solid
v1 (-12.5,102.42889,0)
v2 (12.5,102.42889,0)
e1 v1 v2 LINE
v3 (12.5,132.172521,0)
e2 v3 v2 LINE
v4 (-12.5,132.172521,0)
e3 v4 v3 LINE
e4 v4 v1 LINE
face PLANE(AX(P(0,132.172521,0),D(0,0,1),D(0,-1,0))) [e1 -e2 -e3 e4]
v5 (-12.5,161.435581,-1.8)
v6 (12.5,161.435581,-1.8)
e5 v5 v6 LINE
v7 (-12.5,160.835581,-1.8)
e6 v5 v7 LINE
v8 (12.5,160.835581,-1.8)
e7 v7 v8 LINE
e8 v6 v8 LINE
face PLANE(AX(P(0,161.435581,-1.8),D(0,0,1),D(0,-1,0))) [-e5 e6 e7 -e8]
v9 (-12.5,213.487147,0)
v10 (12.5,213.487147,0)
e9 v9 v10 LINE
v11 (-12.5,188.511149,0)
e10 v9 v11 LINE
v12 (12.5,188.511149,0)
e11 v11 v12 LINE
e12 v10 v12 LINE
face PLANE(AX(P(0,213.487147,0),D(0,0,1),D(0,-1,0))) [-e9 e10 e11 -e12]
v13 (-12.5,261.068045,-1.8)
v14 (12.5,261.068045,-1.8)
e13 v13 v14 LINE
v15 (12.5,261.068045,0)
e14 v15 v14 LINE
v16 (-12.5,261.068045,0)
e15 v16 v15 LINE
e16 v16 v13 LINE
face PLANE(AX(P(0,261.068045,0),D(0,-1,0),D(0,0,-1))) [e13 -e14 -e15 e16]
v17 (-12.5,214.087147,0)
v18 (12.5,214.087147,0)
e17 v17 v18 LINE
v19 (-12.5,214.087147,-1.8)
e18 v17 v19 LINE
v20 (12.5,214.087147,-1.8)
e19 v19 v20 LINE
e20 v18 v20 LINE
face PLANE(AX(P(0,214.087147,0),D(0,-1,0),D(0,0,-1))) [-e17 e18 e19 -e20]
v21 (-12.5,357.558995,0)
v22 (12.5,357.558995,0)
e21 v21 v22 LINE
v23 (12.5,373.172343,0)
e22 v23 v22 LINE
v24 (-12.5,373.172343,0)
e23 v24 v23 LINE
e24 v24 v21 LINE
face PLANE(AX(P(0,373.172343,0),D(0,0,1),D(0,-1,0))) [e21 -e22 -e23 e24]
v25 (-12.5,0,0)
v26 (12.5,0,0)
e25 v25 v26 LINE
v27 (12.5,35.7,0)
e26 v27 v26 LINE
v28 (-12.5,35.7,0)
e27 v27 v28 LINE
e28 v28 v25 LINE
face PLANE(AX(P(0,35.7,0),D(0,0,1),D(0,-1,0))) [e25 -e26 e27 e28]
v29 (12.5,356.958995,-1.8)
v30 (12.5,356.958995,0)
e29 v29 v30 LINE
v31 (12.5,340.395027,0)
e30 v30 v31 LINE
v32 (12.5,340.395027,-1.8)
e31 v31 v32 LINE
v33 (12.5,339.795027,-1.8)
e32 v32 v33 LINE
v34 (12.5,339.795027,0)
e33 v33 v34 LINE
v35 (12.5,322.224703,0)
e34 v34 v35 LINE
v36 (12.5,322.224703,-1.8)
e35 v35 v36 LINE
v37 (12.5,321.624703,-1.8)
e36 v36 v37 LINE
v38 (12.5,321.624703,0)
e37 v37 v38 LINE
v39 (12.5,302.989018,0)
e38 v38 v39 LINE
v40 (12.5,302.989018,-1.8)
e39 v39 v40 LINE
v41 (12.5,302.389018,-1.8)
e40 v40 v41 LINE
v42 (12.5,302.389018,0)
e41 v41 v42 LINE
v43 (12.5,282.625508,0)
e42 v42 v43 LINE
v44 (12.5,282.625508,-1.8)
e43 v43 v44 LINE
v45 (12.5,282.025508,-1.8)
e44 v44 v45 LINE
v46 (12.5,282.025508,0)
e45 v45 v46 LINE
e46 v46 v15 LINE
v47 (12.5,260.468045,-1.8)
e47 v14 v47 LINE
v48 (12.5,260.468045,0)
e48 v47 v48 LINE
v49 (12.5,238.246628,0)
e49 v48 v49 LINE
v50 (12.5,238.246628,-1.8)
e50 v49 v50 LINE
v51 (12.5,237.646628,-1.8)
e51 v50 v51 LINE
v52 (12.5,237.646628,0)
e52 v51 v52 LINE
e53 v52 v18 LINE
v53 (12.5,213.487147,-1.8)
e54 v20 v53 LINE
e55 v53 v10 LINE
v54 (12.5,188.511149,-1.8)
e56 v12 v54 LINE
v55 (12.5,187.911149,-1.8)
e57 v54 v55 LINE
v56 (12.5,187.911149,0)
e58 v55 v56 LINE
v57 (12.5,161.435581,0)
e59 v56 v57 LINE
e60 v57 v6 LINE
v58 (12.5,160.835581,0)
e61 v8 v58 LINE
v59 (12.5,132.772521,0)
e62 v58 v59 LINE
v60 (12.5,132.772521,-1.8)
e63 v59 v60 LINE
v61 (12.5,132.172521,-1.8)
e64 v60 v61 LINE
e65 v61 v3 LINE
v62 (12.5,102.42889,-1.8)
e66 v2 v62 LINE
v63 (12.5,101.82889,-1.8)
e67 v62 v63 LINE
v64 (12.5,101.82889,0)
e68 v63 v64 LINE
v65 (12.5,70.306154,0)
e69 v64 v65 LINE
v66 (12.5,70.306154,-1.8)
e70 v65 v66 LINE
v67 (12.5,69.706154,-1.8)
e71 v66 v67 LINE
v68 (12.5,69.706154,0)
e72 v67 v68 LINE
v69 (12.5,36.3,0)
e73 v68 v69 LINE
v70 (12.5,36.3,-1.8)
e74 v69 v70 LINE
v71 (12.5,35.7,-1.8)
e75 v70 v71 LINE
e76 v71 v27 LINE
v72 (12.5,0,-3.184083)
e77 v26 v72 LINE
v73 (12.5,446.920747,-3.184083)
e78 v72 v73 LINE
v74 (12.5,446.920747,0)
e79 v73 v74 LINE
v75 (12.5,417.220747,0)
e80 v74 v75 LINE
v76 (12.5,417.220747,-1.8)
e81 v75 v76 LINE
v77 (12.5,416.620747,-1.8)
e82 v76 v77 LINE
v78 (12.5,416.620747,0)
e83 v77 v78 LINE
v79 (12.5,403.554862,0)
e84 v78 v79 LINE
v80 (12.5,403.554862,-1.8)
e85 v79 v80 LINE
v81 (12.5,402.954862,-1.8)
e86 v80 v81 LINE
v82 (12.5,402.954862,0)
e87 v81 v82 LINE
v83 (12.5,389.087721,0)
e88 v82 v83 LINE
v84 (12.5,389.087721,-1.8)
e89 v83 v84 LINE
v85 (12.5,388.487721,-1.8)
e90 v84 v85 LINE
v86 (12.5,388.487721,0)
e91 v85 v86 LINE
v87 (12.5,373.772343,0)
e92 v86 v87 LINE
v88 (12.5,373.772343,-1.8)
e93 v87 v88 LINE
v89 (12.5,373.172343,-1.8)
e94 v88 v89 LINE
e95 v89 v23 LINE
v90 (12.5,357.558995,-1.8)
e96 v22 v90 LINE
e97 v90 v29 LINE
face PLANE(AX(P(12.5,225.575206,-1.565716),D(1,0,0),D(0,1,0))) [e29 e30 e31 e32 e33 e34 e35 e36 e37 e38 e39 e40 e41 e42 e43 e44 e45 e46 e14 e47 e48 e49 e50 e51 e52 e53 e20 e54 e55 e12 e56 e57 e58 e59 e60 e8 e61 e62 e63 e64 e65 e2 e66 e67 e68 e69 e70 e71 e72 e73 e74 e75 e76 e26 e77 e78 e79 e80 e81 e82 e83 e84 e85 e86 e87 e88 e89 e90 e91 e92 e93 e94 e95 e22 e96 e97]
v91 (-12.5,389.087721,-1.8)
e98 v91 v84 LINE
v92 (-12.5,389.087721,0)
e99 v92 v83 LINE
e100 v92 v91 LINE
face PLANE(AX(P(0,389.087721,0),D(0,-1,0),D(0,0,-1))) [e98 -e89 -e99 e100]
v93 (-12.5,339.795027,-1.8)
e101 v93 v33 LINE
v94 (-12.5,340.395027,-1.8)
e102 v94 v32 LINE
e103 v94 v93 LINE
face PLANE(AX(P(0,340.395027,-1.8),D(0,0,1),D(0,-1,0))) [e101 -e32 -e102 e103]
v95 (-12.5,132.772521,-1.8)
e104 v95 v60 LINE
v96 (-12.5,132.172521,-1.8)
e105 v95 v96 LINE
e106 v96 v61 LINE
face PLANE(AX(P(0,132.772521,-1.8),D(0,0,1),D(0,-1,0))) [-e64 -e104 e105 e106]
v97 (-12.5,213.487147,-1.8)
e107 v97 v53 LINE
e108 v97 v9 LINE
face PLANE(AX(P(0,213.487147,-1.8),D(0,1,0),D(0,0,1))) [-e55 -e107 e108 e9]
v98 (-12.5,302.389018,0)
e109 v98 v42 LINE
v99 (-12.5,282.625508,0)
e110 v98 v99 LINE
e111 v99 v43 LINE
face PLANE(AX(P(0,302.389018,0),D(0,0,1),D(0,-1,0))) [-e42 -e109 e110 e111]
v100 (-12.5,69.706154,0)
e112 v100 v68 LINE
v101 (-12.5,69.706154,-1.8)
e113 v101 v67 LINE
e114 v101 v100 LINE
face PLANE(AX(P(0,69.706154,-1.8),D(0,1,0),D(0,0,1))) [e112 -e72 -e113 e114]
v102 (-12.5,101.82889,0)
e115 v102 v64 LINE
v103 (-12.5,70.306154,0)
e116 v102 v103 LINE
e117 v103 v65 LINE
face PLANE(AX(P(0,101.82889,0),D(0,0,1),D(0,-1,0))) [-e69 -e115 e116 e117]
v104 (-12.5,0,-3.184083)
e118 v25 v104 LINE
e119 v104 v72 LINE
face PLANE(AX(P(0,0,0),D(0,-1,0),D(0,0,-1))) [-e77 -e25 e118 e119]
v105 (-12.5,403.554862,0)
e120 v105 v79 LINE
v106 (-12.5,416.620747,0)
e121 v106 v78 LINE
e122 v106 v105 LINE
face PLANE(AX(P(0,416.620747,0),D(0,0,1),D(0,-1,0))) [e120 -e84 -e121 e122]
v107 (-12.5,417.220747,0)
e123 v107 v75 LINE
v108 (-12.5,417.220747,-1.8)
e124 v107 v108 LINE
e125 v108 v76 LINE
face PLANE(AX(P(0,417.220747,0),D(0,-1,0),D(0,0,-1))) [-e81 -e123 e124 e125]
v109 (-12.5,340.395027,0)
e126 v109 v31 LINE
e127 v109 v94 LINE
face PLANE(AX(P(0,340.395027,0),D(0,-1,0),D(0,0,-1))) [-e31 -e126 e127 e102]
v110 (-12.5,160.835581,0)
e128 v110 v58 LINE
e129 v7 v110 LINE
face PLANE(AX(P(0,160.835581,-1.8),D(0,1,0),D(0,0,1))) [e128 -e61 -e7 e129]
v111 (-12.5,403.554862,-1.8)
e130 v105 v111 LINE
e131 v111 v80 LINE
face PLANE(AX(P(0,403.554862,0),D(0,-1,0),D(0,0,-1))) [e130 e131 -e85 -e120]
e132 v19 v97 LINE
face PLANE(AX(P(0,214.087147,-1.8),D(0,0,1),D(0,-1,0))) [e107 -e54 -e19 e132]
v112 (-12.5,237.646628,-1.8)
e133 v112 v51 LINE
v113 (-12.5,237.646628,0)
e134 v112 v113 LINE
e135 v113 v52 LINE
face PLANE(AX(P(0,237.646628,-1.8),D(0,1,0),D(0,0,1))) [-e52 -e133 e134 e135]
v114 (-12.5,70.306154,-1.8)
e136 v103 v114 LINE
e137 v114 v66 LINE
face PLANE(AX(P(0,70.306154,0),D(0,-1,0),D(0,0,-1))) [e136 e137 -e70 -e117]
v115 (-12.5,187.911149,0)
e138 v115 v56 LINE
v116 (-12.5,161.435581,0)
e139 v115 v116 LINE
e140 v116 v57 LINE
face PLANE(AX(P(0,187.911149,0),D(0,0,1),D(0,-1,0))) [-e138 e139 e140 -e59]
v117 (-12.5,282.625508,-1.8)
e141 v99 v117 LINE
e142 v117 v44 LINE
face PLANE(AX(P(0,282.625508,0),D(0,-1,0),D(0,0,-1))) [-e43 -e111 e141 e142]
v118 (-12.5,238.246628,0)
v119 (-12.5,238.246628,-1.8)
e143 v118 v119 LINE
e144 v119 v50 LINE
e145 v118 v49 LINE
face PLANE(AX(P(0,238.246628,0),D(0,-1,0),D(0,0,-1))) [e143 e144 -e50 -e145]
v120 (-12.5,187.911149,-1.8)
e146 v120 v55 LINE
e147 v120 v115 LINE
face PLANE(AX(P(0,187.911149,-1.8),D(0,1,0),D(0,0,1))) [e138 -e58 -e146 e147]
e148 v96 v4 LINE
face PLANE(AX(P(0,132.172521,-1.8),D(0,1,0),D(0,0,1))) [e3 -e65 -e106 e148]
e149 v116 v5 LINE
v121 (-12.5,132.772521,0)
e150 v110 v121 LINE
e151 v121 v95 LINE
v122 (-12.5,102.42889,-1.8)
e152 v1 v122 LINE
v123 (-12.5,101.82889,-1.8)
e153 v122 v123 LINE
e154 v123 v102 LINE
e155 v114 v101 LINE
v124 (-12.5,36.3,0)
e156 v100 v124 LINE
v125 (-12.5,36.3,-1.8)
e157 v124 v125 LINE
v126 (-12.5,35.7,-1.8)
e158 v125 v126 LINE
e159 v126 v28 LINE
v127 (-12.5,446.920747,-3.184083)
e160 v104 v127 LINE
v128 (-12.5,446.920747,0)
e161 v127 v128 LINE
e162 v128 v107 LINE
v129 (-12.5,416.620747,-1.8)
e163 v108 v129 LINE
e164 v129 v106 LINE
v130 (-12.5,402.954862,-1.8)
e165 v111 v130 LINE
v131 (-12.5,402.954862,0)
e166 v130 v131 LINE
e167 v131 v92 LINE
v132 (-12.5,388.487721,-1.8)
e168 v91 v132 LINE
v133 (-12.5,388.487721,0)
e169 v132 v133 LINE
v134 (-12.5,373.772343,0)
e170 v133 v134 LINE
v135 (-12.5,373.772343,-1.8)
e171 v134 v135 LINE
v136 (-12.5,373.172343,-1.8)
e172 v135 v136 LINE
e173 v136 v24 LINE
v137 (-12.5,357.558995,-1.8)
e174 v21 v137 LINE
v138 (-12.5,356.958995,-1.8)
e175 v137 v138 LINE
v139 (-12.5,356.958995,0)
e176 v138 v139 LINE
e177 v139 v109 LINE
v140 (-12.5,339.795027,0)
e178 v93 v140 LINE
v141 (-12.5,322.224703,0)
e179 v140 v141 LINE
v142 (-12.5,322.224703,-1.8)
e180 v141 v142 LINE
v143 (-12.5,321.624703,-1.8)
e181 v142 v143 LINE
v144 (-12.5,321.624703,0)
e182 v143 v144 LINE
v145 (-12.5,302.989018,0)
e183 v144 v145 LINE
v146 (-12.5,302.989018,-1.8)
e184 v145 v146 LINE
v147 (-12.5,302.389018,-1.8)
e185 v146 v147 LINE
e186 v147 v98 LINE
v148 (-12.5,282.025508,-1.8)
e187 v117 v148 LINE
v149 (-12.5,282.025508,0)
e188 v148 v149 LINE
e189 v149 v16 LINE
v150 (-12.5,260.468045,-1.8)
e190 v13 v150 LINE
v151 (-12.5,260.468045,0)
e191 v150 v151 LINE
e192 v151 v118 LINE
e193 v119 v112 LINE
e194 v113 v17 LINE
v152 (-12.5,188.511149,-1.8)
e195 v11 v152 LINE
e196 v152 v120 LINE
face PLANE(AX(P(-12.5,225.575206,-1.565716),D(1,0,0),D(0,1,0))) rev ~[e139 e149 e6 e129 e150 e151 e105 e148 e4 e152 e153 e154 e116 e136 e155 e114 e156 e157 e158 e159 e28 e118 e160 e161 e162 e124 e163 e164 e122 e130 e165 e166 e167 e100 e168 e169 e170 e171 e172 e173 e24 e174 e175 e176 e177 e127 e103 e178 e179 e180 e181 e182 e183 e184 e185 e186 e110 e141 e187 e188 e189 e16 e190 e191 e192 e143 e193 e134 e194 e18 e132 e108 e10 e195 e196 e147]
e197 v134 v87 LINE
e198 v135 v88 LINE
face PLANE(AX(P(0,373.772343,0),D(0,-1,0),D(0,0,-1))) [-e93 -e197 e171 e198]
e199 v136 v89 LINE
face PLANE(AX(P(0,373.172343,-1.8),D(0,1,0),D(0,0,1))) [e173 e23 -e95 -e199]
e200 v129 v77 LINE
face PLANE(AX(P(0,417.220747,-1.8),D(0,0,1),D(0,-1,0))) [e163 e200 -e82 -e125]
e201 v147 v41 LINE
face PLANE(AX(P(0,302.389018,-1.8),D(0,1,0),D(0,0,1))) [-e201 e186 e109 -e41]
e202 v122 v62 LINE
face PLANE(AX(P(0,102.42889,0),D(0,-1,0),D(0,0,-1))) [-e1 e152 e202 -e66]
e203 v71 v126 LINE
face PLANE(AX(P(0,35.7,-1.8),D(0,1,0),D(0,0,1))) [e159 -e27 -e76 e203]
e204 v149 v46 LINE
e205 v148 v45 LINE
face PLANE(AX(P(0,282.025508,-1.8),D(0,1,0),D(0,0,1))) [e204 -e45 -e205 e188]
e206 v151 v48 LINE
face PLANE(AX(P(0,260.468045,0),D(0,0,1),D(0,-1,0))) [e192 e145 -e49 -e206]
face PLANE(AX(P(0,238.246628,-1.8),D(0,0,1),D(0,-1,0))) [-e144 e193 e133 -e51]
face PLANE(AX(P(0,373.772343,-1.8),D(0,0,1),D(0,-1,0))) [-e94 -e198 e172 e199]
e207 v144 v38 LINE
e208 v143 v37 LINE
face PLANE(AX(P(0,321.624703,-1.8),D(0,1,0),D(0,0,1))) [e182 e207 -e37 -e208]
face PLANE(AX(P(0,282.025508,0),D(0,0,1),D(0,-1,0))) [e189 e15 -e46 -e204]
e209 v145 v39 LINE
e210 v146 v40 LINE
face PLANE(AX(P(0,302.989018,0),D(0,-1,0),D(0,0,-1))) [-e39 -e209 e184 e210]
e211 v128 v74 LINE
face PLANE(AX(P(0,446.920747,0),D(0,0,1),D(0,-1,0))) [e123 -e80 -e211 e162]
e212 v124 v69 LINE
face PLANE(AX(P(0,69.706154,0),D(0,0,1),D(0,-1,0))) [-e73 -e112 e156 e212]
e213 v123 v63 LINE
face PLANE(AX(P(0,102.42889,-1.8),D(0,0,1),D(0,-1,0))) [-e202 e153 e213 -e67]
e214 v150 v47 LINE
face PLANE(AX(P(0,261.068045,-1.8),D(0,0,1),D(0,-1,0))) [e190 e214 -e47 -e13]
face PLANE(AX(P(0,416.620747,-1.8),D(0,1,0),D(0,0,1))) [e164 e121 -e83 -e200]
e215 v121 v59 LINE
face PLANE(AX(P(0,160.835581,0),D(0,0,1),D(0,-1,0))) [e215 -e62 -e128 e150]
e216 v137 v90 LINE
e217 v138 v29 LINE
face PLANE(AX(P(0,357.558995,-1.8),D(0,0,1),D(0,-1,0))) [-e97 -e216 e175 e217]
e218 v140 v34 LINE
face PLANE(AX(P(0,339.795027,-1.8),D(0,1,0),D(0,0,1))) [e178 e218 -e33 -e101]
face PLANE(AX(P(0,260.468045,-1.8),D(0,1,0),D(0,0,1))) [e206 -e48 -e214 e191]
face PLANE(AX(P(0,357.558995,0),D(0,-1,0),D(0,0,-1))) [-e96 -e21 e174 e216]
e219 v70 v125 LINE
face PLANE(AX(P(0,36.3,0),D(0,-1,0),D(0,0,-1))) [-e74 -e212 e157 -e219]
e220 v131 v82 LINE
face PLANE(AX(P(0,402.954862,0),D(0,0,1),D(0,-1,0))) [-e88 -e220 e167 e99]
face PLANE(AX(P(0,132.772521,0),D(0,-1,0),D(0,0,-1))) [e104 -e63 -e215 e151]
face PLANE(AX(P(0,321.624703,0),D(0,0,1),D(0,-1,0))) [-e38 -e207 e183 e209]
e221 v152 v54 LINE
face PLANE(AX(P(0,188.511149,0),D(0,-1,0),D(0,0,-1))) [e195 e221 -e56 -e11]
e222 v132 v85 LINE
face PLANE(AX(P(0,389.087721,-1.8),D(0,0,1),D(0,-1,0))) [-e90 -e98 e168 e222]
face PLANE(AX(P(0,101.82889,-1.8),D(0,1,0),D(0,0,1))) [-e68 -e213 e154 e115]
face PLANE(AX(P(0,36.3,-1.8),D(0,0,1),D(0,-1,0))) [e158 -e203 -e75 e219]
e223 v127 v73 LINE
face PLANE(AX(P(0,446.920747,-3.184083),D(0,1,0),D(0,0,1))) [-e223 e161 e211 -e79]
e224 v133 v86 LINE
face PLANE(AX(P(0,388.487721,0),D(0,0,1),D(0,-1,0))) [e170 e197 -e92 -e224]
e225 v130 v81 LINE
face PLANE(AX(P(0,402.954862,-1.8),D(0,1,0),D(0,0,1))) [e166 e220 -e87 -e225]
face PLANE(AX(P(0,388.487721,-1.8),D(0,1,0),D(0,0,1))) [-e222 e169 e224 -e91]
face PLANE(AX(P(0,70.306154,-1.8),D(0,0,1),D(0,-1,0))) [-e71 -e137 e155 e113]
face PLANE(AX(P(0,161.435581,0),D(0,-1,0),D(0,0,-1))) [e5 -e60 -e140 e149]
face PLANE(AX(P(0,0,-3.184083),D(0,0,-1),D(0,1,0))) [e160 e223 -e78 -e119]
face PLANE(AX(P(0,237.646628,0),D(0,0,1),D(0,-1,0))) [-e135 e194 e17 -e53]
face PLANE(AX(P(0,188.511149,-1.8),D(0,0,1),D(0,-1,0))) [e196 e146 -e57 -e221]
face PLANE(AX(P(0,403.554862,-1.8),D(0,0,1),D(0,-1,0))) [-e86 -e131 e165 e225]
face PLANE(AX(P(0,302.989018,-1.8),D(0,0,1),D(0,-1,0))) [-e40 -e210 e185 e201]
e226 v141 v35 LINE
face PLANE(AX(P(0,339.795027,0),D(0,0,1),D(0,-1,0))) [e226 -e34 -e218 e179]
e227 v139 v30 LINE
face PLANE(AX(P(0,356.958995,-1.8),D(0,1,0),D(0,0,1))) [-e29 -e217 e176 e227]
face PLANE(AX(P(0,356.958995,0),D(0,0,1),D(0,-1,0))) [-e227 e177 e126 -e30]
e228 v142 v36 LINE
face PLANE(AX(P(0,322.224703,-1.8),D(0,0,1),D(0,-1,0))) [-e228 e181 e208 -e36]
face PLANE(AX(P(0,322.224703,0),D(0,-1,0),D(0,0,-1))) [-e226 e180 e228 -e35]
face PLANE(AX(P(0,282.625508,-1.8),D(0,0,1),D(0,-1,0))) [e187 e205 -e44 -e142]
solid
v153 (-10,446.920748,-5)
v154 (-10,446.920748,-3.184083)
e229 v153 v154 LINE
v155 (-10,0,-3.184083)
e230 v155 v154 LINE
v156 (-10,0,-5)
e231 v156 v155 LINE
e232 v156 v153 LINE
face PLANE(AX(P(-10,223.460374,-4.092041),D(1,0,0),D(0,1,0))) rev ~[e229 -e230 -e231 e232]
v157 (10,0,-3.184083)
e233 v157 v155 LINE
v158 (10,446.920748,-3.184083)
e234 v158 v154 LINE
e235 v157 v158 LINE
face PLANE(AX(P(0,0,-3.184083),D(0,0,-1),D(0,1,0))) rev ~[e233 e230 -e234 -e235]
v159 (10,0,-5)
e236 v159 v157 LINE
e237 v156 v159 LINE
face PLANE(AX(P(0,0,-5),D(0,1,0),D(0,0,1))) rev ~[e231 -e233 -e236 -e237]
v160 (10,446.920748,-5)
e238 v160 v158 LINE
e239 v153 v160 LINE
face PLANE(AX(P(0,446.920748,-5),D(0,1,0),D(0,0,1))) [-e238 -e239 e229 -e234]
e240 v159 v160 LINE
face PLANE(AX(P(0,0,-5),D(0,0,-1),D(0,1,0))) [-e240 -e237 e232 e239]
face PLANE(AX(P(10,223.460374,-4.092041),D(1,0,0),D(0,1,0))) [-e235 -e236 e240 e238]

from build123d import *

# Parameters (mm, degrees)
F1_DEPTH = 12.5
F0_W     = 446.920747
F0_H     = 1.815917
F2_DEPTH = 10


with BuildPart() as f1:
    # F0 (on Right) → F1 (new body, symmetric)
    with BuildSketch(Plane.YZ):
        Polygon((35.7, 0), (0, 0), (0, -3.184083), (446.920747, -3.184083), (446.920747, 0), (417.220747, 0), (417.220747, -1.8), (416.620747, -1.8), (416.620747, 0), (403.554862, 0), (403.554862, -1.8), (402.954862, -1.8), (402.954862, 0), (389.087721, 0), (389.087721, -1.8), (388.487721, -1.8), (388.487721, 0), (373.772343, 0), (373.772343, -1.8), (373.172343, -1.8), (373.172343, 0), (357.558995, 0), (357.558995, -1.8), (356.958995, -1.8), (356.958995, 0), (340.395027, 0), (340.395027, -1.8), (339.795027, -1.8), (339.795027, 0), (322.224703, 0), (322.224703, -1.8), (321.624703, -1.8), (321.624703, 0), (302.989018, 0), (302.989018, -1.8), (302.389018, -1.8), (302.389018, 0), (282.625508, 0), (282.625508, -1.8), (282.025508, -1.8), (282.025508, 0), (261.068045, 0), (261.068045, -1.8), (260.468045, -1.8), (260.468045, 0), (238.246628, 0), (238.246628, -1.8), (237.646628, -1.8), (237.646628, 0), (214.087147, 0), (214.087147, -1.8), (213.487147, -1.8), (213.487147, 0), (188.511149, 0), (188.511149, -1.8), (187.911149, -1.8), (187.911149, 0), (161.435581, 0), (161.435581, -1.8), (160.835581, -1.8), (160.835581, 0), (132.772521, 0), (132.772521, -1.8), (132.172521, -1.8), (132.172521, 0), (102.42889, 0), (102.42889, -1.8), (101.82889, -1.8), (101.82889, 0), (70.306154, 0), (70.306154, -1.8), (69.706154, -1.8), (69.706154, 0), (36.3, 0), (36.3, -1.8), (35.7, -1.8), align=None)
    extrude(amount=F1_DEPTH, both=True)


with BuildPart() as f2:
    # F0 (on Right) → F2 (new body, symmetric)
    with BuildSketch(Plane.YZ):
        with Locations((223.460374, -4.092041)):
            Rectangle(F0_W, F0_H)
    extrude(amount=F2_DEPTH, both=True)


solid = Compound([f1.part, f2.part])
